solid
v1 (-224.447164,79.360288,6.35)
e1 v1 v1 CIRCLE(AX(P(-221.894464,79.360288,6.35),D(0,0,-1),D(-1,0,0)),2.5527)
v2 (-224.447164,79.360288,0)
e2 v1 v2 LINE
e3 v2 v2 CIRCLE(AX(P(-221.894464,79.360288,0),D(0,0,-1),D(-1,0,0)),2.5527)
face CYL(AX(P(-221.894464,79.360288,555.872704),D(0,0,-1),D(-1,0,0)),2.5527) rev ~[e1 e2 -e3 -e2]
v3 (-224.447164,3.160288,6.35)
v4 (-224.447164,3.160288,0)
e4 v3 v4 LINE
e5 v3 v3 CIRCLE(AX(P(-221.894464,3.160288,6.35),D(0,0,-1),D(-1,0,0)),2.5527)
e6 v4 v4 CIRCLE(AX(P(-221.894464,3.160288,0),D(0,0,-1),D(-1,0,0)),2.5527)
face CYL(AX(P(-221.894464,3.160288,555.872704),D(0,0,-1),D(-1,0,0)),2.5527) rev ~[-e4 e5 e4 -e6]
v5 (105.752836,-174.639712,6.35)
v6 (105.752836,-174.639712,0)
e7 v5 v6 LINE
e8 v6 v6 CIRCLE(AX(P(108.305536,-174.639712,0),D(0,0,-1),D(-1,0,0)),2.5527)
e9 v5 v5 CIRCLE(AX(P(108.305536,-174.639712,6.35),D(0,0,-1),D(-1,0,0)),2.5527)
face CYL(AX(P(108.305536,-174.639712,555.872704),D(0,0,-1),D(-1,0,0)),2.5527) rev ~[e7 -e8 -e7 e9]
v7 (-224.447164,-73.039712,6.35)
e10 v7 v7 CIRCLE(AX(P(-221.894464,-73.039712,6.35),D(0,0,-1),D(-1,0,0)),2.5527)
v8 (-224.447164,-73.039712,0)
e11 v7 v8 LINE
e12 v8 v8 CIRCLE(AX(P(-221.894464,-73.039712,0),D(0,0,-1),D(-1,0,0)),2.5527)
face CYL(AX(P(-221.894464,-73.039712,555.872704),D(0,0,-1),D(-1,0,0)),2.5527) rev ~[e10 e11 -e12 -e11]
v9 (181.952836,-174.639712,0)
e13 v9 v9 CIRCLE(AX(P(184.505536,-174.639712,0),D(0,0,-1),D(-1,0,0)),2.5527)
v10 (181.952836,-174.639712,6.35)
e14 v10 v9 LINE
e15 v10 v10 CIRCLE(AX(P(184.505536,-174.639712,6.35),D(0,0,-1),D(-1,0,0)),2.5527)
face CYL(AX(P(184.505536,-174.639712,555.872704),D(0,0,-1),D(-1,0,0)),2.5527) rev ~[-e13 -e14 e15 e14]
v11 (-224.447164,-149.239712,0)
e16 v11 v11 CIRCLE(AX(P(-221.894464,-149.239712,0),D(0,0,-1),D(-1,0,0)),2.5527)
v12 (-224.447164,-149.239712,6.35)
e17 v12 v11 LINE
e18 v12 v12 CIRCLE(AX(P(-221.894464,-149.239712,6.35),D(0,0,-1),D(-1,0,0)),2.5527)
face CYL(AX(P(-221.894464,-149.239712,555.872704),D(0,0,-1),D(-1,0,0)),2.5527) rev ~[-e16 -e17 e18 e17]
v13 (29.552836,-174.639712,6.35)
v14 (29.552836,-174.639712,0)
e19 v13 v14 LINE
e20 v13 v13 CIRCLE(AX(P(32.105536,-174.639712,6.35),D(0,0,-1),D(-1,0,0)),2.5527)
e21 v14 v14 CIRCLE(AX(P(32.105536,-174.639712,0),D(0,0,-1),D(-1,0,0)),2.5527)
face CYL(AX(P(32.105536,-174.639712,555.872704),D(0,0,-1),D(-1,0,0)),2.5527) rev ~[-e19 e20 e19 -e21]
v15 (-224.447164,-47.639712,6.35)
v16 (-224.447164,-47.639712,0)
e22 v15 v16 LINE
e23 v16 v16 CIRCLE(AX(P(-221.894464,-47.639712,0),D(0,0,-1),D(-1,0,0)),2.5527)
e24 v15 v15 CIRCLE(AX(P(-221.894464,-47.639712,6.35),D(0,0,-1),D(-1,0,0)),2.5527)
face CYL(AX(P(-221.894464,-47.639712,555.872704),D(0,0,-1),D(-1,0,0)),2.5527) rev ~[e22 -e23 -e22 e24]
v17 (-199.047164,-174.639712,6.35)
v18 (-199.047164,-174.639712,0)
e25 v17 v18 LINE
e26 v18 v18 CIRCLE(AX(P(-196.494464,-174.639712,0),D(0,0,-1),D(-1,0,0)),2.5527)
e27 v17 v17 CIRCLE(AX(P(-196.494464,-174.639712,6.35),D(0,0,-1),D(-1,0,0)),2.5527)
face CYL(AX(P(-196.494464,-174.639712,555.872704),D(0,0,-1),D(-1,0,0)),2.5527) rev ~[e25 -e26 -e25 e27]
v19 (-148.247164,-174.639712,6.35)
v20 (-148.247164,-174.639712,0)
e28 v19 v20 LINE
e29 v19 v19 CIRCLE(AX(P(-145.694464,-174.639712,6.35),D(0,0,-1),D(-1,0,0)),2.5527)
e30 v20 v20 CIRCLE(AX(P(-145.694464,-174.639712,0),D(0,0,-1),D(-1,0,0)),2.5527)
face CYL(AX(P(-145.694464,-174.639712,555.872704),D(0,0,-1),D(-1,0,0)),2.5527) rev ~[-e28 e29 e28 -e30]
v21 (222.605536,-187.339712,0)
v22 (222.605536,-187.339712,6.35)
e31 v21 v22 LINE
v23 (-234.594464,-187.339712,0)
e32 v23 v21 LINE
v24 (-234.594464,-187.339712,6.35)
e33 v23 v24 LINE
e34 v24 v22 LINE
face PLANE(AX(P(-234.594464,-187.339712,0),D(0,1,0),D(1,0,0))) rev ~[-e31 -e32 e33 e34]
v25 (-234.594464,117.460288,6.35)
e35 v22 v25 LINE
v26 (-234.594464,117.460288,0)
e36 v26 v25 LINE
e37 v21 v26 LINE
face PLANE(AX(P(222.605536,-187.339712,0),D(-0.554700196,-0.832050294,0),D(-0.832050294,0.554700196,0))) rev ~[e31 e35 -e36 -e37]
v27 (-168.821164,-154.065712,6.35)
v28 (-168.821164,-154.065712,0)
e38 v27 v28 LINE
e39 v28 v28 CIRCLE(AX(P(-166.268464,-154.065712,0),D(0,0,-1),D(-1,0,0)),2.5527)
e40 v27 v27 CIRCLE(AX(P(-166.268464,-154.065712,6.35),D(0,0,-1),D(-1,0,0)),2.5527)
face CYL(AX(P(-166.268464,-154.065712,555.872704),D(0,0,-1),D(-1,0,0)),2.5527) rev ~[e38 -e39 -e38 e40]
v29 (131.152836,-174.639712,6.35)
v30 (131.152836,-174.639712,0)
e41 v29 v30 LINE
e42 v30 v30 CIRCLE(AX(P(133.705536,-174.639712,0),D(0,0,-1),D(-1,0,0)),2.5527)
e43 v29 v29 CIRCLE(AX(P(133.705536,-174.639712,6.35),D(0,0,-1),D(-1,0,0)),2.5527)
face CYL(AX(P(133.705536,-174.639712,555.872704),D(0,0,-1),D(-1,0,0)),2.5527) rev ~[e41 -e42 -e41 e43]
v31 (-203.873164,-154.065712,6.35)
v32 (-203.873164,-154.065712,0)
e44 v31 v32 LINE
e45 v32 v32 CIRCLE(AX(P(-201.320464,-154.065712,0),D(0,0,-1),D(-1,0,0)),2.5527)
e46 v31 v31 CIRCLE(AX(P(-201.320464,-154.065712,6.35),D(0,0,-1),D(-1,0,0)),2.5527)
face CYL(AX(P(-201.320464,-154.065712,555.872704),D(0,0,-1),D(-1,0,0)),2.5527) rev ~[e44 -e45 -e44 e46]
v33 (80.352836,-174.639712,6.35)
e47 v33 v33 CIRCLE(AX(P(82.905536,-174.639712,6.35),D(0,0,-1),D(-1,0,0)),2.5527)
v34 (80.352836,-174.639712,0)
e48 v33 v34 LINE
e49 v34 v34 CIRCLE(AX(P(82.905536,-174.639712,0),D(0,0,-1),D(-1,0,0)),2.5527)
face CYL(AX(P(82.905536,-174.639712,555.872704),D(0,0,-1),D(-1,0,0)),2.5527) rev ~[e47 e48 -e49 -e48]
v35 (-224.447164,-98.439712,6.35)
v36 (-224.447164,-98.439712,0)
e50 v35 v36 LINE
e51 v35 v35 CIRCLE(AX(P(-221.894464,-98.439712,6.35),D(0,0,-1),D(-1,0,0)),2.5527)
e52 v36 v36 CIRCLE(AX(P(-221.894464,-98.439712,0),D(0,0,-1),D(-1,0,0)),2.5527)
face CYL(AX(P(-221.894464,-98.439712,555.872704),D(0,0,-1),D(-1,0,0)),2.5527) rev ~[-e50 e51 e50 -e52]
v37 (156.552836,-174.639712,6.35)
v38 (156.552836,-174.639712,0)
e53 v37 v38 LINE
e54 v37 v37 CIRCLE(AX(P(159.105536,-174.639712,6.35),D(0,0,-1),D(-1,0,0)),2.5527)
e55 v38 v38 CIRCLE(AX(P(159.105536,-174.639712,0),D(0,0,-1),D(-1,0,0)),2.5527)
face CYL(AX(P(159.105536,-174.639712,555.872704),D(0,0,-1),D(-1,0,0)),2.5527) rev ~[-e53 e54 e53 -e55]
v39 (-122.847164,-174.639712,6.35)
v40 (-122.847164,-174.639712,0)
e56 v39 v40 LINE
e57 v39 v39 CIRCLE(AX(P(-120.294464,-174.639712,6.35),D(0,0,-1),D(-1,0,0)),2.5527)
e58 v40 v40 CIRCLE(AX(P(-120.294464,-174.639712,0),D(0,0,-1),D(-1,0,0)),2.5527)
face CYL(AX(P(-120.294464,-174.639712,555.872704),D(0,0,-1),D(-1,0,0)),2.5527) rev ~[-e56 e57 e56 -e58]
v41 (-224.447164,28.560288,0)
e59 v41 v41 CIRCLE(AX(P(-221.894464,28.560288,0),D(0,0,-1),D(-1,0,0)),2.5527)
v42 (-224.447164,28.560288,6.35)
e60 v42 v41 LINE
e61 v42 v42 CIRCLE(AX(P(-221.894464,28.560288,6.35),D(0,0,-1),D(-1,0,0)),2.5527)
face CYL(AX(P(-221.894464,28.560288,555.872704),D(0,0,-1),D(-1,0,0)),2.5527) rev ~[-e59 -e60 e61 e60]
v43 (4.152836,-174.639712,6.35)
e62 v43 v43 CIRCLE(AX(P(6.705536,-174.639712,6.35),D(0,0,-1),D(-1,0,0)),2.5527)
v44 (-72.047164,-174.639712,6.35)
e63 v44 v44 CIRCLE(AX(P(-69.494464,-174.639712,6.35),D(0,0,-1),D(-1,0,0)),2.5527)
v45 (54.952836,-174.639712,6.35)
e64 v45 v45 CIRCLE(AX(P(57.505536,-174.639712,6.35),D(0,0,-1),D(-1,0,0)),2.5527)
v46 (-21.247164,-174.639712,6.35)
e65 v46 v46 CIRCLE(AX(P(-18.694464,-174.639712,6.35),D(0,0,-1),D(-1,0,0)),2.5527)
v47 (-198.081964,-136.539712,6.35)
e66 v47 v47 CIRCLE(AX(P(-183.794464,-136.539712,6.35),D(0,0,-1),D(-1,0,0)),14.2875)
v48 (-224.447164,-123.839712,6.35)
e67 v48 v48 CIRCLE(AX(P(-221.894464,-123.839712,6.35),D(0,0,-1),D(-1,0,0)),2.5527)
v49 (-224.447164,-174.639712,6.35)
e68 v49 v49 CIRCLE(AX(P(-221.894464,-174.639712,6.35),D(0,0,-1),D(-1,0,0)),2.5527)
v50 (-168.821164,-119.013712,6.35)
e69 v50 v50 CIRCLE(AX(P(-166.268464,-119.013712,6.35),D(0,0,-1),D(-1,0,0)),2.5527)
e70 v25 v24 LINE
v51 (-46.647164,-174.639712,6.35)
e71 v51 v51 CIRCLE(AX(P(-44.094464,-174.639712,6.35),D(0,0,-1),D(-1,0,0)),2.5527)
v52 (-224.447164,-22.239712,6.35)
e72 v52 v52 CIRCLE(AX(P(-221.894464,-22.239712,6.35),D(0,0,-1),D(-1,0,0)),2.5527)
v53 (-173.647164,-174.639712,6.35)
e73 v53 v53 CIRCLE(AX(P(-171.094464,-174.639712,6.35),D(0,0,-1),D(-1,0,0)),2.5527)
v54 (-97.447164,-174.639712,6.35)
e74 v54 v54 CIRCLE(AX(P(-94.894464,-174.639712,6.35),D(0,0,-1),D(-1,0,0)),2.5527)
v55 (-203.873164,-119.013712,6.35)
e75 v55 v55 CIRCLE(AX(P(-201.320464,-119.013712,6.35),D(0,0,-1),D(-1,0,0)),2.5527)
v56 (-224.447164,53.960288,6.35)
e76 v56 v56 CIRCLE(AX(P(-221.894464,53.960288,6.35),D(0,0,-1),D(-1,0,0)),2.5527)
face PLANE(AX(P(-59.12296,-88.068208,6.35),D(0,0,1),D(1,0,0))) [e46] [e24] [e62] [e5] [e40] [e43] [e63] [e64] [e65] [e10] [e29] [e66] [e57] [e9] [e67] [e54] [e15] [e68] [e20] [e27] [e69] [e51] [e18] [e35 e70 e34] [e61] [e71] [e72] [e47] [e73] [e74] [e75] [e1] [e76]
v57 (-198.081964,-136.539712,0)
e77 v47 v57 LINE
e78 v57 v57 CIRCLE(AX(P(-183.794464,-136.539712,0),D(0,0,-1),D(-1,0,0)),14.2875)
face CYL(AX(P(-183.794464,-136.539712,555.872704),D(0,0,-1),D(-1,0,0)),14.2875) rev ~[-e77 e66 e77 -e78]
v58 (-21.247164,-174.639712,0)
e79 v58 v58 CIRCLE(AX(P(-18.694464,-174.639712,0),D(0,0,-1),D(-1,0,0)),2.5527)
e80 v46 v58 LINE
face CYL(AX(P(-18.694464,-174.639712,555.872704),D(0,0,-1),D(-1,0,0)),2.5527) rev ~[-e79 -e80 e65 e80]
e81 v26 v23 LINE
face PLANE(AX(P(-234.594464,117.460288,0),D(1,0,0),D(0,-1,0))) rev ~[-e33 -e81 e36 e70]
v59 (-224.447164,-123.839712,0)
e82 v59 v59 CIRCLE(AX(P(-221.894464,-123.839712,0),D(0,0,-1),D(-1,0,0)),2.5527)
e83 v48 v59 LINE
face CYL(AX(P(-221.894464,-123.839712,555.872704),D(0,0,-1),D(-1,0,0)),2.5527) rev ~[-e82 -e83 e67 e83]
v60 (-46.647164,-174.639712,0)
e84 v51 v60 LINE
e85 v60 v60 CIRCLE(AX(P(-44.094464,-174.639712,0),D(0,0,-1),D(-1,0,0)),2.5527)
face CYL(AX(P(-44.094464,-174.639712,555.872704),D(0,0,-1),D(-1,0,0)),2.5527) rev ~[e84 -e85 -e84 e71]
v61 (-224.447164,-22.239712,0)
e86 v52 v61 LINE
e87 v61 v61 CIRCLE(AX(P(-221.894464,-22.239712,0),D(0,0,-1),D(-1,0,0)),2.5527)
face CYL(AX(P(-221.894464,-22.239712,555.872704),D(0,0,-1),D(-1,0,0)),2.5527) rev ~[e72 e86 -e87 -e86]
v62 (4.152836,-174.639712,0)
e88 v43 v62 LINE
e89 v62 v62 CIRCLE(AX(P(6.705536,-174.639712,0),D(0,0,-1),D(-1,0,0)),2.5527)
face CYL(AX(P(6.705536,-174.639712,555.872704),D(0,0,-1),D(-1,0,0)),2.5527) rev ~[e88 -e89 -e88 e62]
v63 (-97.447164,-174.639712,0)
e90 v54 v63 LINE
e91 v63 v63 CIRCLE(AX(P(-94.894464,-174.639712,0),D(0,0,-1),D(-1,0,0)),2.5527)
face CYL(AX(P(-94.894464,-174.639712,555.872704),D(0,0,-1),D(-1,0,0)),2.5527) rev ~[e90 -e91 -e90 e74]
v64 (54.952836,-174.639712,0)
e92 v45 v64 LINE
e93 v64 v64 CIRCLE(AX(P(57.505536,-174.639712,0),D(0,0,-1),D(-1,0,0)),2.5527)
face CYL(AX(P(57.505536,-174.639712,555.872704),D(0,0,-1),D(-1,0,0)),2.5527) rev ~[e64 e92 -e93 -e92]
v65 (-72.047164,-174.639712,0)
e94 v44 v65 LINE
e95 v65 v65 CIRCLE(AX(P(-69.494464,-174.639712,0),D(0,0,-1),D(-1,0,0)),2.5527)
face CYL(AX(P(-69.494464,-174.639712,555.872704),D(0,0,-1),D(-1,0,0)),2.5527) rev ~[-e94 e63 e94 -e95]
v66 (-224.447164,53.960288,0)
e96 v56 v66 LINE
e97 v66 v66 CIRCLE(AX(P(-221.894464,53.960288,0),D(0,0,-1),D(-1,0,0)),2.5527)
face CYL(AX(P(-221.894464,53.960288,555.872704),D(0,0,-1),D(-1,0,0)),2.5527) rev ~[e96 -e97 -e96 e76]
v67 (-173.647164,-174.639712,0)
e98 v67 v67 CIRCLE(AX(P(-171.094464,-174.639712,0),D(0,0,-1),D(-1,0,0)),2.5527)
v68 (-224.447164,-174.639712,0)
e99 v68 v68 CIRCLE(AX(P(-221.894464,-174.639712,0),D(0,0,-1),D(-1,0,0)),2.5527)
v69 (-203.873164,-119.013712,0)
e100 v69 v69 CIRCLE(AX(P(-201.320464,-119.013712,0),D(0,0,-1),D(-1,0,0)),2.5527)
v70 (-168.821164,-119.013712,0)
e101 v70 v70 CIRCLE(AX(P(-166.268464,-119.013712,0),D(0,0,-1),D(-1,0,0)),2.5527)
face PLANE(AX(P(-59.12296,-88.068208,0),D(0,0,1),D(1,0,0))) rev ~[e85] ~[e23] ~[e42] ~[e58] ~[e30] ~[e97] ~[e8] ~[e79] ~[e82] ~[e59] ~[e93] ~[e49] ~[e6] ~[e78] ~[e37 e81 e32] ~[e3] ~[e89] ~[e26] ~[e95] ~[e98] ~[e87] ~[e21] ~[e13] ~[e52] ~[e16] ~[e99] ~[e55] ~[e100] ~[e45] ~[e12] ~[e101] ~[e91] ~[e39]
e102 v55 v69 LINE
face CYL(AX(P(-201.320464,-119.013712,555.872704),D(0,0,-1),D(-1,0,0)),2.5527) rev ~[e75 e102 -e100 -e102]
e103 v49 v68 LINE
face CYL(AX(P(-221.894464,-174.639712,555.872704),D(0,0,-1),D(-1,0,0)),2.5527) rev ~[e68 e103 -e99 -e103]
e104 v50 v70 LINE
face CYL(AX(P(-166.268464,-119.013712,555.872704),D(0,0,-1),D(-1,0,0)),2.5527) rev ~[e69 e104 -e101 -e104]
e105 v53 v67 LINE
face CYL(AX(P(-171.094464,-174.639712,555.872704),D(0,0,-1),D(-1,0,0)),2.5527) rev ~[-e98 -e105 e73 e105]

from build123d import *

# Parameters (mm, degrees)
F1_DEPTH = 6.35
F3_D     = 5.1054
F5_D     = 5.1054
F6_D     = 28.575


with BuildPart() as f1:
    # F0 (on Top) → F1 (new body)
    with BuildSketch(Plane.XY):
        Polygon((222.605536, -187.339712), (-234.594464, 117.460288), (-234.594464, -187.339712), align=None)
    extrude(amount=F1_DEPTH)

    # F3 (through all)
    with Locations(Plane.XY.offset(6.35)):
        with Locations((-221.894464, 53.960288), (-69.494464, -174.639712), (82.905536, -174.639712), (-221.894464, -22.239712), (-221.894464, -47.639712), (-221.894464, -73.039712), (-221.894464, 28.560288), (-171.094464, -174.639712), (-221.894464, 3.160288), (108.305536, -174.639712), (-120.294464, -174.639712), (159.105536, -174.639712), (-18.694464, -174.639712), (-94.894464, -174.639712), (32.105536, -174.639712), (-221.894464, -123.839712), (-221.894464, -174.639712), (-221.894464, -98.439712), (184.505536, -174.639712), (-196.494464, -174.639712), (133.705536, -174.639712), (57.505536, -174.639712), (-145.694464, -174.639712), (-44.094464, -174.639712), (6.705536, -174.639712), (-221.894464, -149.239712), (-221.894464, 79.360288)):
            Hole(F3_D / 2)

    # F5 (through all)
    with Locations(Plane.XY.offset(6.35)):
        with Locations((-201.320464, -119.013712), (-166.268464, -119.013712), (-201.320464, -154.065712), (-166.268464, -154.065712)):
            Hole(F5_D / 2)

    # F6 (through all)
    with Locations(Plane.XY.offset(6.35)):
        with Locations((-183.794464, -136.539712)):
            Hole(F6_D / 2)


solid = f1.part
